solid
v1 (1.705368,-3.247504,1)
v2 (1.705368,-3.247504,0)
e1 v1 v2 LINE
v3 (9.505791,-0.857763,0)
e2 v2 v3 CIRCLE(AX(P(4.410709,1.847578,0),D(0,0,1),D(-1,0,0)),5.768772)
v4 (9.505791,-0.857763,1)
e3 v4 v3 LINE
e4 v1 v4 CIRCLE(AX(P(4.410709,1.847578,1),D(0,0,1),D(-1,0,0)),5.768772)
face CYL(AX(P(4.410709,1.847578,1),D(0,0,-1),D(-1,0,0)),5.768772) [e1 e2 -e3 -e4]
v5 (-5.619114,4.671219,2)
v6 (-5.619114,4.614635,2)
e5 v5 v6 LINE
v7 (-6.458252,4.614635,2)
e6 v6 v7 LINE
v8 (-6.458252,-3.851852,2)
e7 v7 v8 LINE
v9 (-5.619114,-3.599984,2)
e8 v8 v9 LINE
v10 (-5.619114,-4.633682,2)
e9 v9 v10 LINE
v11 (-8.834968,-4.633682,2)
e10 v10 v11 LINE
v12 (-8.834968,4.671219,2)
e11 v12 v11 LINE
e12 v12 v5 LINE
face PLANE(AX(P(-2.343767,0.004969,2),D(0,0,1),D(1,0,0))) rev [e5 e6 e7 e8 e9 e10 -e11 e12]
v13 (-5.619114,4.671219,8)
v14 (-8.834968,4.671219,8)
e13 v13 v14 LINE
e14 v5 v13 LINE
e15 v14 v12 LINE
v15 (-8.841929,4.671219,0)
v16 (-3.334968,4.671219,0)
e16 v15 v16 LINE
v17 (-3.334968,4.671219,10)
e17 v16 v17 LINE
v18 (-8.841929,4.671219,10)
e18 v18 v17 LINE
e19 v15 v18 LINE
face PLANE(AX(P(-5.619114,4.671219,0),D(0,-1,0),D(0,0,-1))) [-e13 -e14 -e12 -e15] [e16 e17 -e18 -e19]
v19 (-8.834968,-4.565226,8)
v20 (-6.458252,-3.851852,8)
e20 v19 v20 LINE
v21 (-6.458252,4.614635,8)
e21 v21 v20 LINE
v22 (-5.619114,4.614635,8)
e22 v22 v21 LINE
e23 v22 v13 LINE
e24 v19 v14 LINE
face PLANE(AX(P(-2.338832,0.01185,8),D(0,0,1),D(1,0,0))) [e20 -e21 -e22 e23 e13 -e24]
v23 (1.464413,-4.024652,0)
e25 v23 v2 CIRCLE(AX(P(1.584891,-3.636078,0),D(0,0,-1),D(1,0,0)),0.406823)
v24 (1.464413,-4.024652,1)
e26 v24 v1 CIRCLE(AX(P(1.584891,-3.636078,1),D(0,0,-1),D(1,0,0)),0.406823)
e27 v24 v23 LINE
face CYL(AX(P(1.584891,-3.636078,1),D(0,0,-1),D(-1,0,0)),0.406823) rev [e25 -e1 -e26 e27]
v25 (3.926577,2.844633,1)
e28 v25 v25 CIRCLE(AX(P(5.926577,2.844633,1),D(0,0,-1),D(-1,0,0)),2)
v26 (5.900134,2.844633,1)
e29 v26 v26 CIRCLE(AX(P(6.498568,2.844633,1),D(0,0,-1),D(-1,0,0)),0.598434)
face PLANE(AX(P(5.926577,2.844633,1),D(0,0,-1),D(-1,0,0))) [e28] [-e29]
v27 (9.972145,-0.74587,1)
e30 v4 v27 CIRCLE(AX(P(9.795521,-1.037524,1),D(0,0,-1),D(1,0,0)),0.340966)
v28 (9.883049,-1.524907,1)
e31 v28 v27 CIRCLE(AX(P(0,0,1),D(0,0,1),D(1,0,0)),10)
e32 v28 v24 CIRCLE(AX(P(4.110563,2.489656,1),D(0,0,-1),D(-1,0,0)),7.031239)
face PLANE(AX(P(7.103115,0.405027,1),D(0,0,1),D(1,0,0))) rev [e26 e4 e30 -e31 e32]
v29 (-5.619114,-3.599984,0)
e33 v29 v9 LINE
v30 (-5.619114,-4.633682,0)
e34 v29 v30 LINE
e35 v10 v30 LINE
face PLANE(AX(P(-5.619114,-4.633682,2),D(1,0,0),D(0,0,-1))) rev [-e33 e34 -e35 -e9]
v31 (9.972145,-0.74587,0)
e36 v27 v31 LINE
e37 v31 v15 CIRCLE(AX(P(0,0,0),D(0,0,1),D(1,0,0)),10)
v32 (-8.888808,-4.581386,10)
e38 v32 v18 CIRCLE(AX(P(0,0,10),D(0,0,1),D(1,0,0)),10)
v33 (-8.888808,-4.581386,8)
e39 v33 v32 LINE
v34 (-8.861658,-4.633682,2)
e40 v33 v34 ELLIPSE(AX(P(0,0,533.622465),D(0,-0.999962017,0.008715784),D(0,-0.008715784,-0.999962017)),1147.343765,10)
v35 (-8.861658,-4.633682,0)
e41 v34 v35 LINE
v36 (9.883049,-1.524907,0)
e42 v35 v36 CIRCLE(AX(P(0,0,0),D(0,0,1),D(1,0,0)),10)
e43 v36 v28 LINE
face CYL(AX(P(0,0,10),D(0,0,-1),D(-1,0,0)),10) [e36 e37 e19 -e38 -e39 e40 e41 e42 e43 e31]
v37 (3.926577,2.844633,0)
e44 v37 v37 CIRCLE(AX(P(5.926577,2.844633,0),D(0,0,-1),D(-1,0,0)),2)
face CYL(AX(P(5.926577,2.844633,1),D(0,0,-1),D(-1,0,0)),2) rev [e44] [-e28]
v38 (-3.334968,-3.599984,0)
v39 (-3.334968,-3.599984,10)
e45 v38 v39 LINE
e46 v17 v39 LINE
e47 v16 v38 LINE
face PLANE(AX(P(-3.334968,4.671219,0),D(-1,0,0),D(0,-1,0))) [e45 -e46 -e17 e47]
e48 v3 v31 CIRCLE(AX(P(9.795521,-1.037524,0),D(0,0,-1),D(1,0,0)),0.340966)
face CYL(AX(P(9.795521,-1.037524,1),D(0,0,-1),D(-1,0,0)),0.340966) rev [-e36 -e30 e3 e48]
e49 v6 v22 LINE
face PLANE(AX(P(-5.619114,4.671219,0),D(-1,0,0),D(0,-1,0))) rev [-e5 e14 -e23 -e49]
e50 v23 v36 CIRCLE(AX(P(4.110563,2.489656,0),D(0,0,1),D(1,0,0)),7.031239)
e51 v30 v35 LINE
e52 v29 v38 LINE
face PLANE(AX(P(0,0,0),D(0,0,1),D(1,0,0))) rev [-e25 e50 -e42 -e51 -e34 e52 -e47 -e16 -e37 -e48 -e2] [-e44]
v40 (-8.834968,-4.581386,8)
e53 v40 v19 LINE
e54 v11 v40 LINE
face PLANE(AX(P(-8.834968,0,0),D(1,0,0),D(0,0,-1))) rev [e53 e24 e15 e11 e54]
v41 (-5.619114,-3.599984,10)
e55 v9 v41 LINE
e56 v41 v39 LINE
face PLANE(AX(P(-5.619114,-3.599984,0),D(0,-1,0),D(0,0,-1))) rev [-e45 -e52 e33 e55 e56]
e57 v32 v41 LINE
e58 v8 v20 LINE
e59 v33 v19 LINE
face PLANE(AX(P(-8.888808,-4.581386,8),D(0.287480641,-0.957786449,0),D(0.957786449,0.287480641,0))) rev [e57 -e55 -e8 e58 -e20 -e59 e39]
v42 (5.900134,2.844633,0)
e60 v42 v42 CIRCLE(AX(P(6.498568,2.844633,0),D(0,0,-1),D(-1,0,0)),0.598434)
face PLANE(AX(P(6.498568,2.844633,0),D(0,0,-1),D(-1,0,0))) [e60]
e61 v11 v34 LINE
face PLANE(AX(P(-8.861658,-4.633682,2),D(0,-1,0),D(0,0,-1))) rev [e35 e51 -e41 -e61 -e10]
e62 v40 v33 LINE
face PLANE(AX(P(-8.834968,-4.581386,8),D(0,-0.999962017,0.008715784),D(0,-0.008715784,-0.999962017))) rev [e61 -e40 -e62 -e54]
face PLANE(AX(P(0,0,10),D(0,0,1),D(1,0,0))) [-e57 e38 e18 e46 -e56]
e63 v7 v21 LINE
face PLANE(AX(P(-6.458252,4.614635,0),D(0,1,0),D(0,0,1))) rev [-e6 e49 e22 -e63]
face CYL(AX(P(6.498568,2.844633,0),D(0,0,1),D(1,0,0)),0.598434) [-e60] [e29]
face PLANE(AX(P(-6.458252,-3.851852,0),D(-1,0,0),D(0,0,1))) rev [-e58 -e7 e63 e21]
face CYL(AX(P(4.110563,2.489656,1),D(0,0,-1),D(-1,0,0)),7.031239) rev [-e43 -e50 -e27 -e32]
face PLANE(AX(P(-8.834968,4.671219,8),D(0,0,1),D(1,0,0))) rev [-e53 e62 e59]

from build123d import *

# Parameters (mm, degrees)
SKETCH_1_R          = 10
EXTRUDE_1_DEPTH     = 10
SKETCH_2_W          = 2.284145506
SKETCH_2_H          = 8.27120278
CUT_EXTRUDE_1_DEPTH = 10
CUT_EXTRUDE_2_DEPTH = 2
CUT_EXTRUDE_3_DEPTH = 2
CUT_EXTRUDE_4_DEPTH = 3.5
CUT_EXTRUDE_5_DEPTH = 8
SKETCH_10_R         = 2
CUT_EXTRUDE_6_DEPTH = 1
CUT_EXTRUDE_7_DEPTH = 1
SKETCH_15_R         = 0.598433569
EXTRUDE_5_DEPTH     = 1


with BuildPart() as part:
    # 草圖1 → 填料-伸長1 (new body)
    with BuildSketch(Plane.XY):
        Circle(SKETCH_1_R)
    extrude(amount=EXTRUDE_1_DEPTH)

    # 草圖2 → 除料-伸長1 (cut)
    with BuildSketch(Plane.XY.offset(10)):
        with Locations((-4.477041196, 0.535617876)):
            Rectangle(SKETCH_2_W, SKETCH_2_H)
    extrude(amount=-CUT_EXTRUDE_1_DEPTH, mode=Mode.SUBTRACT)

    # 草圖3 → 除料-伸長2 (cut)
    with BuildSketch(Plane.XY.offset(10)):
        with BuildLine():
            Line((-5.619113949, 4.671219266), (-8.84192912, 4.671219266))
            ThreePointArc((-8.84192912, 4.671219266), (-10.338729016, 0.052381637), (-8.888807861, -4.581385687))
            Line((-8.888807861, -4.581385687), (-5.619113949, -3.599983514))
            Line((-5.619113949, -3.599983514), (-5.619113949, 4.671219266))
        make_face()
    extrude(amount=-CUT_EXTRUDE_2_DEPTH, mode=Mode.SUBTRACT)

    # 草圖4 → 除料-伸長3 (cut)
    with BuildSketch(Plane(origin=(0, 0, 0), x_dir=(-1, 0, 0), z_dir=(0, 0, -1))):
        with BuildLine():
            Line((5.619113949, 4.671219266), (8.84192912, 4.671219266))
            ThreePointArc((8.84192912, 4.671219266), (10.34374886, 0.021931836), (8.86165829, -4.633682375))
            Line((8.86165829, -4.633682375), (5.619113949, -4.633682375))
            Line((5.619113949, -4.633682375), (5.619113949, 4.671219266))
        make_face()
    extrude(amount=-CUT_EXTRUDE_3_DEPTH, mode=Mode.SUBTRACT)

    # 草圖7 → 除料-伸長4 (cut)
    with BuildSketch(Plane.ZY.offset(12.334968443)):
        Polygon((2, 4.671219266), (8, 4.671219266), (8, -4.581385687), (2, -4.633682375), align=None)
    extrude(amount=-CUT_EXTRUDE_4_DEPTH, mode=Mode.SUBTRACT)

    # 草圖9 → 除料-伸長5 (cut)
    with BuildSketch(Plane.XY.offset(8)):
        Polygon((-5.619113949, 4.614635236), (-5.619113949, -3.599983514), (-6.458251574, -3.851851582), (-6.458251574, 4.614635236), align=None)
    extrude(amount=-CUT_EXTRUDE_5_DEPTH, mode=Mode.SUBTRACT)

    # 草圖10 → 除料-伸長6 (cut)
    with BuildSketch(Plane(origin=(1.147174702, 0, 0), x_dir=(-1, 0, 0), z_dir=(0, 0, -1))):
        with Locations((-4.77940273, 2.844632537)):
            Circle(SKETCH_10_R)
    extrude(amount=-CUT_EXTRUDE_6_DEPTH, mode=Mode.SUBTRACT)

    # 草圖11 → 除料-伸長7 (cut)
    with BuildSketch(Plane(origin=(3.950612042, 2.062182751, 0), x_dir=(-1, 0, 0), z_dir=(0, 0, -1))):
        with BuildLine():
            ThreePointArc((-6.134639705, -3.27946709), (-2.337132754, -6.258197714), (2.486199078, -6.08683493))
            ThreePointArc((2.486199078, -6.08683493), (2.754295623, -5.577783265), (2.245243957, -5.30968672))
            ThreePointArc((2.245243957, -5.30968672), (-2.14989891, -5.730336765), (-5.555178734, -2.919945938))
            ThreePointArc((-5.555178734, -2.919945938), (-6.024669795, -2.809976029), (-6.134639705, -3.27946709))
        make_face()
    extrude(amount=-CUT_EXTRUDE_7_DEPTH, mode=Mode.SUBTRACT)

    # 草圖15 → 填料-伸長5 (add)
    with BuildSketch(Plane(origin=(0.571990358, 0, 1), x_dir=(-1, 0, 0), z_dir=(0, 0, -1))):
        with Locations((-5.926577433, 2.844632537)):
            Circle(SKETCH_15_R)
    extrude(amount=EXTRUDE_5_DEPTH)


solid = part.part
